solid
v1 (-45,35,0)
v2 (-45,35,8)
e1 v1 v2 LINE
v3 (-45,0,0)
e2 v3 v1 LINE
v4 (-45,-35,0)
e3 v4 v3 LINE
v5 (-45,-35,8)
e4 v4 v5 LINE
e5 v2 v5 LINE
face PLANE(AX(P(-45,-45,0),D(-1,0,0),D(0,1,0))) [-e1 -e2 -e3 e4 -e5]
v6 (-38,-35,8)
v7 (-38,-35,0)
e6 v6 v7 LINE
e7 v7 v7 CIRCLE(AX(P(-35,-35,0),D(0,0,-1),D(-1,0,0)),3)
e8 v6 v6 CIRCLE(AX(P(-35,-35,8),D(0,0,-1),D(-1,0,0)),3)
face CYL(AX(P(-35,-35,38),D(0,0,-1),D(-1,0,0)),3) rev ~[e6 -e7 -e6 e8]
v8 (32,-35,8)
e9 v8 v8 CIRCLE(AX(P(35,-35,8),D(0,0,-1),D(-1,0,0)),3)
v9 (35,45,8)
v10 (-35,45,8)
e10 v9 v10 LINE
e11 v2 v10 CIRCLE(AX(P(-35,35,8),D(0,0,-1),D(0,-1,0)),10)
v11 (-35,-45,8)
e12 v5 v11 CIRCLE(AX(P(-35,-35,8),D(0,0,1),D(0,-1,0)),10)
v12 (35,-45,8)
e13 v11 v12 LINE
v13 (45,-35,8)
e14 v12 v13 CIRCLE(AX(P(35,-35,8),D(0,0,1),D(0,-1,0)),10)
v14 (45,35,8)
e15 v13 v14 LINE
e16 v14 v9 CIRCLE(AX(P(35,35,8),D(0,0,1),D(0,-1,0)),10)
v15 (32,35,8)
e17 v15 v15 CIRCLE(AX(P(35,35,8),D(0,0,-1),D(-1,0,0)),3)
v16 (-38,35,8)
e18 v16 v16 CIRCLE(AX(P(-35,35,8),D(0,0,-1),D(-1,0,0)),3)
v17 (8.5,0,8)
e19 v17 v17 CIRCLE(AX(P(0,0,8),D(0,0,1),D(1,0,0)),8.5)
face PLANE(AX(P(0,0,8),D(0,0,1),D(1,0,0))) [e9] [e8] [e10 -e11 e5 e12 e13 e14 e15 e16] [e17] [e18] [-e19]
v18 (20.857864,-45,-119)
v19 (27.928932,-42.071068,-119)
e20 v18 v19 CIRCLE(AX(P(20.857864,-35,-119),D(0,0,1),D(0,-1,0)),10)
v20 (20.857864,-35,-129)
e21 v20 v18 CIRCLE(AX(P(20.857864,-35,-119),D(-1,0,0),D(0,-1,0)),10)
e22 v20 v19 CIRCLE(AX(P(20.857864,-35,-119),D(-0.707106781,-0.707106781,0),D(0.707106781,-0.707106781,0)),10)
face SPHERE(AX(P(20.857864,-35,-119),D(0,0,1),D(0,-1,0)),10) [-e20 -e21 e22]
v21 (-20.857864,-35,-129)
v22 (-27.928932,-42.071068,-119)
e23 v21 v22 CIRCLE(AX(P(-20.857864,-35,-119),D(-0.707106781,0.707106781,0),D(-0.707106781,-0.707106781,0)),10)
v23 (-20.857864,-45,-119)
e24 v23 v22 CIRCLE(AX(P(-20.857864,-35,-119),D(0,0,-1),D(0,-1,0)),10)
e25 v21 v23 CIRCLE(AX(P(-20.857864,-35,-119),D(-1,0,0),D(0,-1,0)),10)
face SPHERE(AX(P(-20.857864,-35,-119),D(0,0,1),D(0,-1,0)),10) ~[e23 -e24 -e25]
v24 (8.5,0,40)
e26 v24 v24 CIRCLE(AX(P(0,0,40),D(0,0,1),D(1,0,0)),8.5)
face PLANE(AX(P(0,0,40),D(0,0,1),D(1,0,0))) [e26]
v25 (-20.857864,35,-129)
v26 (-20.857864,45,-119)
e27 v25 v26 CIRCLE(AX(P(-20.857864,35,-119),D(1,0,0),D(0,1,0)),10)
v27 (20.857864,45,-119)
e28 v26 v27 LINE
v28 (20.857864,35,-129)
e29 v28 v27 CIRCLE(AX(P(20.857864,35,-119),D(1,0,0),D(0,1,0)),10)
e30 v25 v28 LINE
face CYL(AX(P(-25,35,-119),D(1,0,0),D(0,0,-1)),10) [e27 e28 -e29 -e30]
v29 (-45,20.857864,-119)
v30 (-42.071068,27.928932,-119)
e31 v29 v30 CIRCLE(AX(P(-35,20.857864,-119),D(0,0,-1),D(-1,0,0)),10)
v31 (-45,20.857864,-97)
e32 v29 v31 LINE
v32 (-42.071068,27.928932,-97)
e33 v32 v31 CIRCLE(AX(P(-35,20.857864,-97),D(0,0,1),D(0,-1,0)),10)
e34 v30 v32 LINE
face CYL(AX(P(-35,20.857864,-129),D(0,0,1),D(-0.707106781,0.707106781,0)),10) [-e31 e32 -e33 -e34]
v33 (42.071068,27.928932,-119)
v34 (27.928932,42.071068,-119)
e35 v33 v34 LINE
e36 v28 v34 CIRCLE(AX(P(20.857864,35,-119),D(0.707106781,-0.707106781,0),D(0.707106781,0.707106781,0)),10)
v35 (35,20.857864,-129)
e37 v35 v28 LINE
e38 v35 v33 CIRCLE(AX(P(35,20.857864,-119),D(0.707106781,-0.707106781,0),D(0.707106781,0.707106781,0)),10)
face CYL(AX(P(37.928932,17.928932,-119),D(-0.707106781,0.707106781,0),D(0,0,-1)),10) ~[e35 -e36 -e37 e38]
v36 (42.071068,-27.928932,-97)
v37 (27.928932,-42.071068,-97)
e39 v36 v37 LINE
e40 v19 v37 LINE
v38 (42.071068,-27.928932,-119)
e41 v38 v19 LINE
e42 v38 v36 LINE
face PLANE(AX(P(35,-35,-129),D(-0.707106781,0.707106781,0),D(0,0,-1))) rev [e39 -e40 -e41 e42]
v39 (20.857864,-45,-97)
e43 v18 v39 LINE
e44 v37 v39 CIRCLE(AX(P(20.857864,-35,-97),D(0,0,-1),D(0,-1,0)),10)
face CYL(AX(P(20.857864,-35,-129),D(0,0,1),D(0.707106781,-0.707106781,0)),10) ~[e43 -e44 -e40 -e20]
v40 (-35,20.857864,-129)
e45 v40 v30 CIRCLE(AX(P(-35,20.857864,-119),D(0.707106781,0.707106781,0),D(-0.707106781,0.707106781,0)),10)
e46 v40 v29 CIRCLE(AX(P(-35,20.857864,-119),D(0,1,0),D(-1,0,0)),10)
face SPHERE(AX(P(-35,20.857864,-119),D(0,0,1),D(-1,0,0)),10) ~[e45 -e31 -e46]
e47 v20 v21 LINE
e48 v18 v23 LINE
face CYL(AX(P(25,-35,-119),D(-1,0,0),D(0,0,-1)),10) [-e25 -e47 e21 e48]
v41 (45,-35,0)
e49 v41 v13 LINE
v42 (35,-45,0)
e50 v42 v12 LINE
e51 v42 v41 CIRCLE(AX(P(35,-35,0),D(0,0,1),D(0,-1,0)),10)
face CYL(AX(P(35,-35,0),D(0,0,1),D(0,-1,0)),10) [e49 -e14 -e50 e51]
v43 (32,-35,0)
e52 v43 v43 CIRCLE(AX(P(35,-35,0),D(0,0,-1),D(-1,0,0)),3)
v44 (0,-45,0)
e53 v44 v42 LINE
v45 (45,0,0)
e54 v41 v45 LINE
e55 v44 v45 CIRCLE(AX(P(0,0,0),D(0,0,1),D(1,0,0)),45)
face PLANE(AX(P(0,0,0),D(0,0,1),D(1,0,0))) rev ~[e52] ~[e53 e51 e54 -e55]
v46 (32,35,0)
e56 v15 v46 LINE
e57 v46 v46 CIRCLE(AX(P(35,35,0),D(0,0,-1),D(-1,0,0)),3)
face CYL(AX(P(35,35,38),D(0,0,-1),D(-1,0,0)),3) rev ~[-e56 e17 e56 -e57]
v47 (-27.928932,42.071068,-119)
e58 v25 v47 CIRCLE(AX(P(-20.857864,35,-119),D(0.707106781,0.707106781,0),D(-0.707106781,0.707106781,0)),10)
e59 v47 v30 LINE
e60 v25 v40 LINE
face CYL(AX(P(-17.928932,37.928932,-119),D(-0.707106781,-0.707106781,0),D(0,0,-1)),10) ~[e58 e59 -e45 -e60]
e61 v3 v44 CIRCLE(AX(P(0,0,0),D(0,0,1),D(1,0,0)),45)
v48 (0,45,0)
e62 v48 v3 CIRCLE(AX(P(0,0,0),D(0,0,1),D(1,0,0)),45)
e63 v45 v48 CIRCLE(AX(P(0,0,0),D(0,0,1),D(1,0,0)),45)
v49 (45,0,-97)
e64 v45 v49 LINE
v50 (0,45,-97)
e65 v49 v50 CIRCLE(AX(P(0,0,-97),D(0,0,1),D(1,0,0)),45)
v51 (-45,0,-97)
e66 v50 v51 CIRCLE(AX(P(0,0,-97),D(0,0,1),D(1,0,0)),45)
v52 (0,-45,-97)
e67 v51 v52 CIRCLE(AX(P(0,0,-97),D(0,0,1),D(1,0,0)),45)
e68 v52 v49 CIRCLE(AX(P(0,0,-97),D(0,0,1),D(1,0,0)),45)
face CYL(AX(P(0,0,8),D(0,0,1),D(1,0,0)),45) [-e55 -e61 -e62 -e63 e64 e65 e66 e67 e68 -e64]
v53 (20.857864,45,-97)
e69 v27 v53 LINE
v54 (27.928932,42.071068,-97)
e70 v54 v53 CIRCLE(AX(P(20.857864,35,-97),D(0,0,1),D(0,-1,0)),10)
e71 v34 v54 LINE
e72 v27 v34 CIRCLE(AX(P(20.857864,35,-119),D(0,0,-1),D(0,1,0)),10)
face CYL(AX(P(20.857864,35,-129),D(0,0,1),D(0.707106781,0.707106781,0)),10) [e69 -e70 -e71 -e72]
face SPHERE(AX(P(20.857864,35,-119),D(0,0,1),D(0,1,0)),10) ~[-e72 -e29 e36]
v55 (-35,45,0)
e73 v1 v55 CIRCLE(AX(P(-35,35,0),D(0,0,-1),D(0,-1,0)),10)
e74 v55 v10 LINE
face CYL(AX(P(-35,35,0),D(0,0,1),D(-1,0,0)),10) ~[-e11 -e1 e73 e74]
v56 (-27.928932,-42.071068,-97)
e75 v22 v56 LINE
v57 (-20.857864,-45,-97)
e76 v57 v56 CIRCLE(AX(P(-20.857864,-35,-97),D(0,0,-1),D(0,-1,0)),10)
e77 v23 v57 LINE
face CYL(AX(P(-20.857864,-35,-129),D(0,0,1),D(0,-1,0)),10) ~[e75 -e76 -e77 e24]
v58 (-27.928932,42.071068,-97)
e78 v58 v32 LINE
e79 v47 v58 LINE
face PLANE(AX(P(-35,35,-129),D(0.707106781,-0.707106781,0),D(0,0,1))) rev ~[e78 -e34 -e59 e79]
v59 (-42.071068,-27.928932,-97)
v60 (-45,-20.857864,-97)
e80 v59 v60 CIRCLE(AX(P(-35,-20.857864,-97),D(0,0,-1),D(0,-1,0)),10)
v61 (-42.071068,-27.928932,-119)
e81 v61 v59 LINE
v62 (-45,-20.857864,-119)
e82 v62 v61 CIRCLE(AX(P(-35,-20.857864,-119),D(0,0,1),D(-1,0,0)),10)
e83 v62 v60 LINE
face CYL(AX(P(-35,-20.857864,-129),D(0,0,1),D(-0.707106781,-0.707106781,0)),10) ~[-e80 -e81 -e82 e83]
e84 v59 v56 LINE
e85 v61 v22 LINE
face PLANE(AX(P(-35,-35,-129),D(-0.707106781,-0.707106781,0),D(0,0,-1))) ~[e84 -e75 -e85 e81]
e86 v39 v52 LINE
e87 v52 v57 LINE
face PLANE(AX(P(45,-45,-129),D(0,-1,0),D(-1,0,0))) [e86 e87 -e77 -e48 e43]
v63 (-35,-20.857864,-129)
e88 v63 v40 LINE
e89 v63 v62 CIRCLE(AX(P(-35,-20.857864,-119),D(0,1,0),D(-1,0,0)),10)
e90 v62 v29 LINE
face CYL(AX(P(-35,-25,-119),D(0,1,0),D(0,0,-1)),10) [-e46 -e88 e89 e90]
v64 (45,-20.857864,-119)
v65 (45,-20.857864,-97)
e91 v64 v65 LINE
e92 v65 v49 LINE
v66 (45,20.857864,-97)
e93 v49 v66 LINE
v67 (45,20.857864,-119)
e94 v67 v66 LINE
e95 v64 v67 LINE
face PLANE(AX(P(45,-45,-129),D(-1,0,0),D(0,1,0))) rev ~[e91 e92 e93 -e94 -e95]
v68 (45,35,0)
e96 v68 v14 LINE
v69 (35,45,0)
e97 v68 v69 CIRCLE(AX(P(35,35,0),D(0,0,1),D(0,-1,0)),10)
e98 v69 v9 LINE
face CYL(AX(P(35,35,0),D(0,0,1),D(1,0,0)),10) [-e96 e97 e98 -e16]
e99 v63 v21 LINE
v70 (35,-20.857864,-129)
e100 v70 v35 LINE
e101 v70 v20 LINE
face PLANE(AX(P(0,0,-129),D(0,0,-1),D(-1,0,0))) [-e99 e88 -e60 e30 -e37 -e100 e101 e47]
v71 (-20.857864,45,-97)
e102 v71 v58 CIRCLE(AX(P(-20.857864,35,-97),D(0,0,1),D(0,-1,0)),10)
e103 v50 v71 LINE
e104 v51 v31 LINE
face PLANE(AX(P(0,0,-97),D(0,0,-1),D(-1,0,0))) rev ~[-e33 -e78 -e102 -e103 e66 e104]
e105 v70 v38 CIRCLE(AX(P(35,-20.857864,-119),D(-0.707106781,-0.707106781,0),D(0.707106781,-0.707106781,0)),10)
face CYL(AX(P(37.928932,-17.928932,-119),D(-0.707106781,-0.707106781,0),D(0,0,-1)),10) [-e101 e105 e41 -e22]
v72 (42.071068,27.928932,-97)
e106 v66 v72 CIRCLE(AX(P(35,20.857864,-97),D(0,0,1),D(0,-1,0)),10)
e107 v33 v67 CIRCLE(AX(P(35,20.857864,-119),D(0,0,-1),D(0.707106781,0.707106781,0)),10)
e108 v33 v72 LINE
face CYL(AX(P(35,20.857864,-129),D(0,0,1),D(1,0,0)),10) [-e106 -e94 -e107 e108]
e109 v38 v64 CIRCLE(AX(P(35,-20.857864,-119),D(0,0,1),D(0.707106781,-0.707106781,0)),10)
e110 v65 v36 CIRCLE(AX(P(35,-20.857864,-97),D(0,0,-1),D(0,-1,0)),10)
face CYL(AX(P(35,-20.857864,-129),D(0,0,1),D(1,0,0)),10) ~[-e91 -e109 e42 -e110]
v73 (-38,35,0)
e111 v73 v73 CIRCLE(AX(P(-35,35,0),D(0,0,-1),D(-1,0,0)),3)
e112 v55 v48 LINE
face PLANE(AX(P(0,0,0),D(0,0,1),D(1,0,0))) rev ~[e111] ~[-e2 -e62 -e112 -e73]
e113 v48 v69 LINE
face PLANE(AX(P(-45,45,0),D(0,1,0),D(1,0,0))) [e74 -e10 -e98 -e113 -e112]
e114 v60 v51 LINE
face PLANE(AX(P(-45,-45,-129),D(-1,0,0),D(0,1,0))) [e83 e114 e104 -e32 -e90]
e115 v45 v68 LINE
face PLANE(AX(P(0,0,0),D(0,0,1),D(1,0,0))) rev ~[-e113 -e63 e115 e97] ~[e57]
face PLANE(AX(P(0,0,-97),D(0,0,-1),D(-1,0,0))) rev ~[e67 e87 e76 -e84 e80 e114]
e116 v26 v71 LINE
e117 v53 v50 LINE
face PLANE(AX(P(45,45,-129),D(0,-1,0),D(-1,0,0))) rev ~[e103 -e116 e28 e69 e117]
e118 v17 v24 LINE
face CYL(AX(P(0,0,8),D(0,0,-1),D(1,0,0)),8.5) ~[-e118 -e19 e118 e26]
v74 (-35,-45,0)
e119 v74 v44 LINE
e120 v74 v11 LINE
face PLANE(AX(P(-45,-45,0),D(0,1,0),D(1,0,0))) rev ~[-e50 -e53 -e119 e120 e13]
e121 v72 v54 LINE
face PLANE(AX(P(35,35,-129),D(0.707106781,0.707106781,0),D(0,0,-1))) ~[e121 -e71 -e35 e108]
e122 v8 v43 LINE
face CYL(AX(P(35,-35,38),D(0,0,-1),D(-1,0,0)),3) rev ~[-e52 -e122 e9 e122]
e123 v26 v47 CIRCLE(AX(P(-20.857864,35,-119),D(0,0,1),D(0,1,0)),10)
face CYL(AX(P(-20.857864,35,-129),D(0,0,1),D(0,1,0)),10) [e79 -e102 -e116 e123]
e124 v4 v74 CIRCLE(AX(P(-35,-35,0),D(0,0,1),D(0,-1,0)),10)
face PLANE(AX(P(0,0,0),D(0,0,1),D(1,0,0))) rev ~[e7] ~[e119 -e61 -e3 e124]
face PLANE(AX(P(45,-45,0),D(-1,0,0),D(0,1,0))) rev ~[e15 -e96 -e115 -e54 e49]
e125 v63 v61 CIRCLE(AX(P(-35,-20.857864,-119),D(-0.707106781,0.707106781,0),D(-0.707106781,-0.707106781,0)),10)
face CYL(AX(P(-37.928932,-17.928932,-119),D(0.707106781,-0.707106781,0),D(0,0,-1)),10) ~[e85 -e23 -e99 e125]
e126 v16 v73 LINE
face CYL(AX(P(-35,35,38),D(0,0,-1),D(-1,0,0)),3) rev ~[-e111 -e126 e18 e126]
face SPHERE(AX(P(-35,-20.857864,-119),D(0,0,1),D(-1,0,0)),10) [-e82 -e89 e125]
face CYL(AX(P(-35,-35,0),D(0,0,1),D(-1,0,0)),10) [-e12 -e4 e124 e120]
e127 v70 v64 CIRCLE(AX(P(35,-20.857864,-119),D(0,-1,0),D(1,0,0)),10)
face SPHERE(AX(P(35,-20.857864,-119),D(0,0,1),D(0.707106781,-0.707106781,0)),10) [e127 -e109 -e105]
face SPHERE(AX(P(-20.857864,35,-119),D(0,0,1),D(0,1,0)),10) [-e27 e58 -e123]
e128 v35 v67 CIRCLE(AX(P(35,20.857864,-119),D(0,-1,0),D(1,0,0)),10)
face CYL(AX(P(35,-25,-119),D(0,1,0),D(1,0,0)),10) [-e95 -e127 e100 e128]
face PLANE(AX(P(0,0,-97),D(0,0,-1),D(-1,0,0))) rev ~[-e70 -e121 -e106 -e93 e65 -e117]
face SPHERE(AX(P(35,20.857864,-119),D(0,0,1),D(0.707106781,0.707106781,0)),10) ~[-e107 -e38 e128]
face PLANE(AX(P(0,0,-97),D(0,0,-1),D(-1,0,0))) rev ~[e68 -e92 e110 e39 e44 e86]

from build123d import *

# Parameters (mm, degrees)
SKETCH1_W                   = 90
SKETCH1_H                   = 90
BOSS_EXTRUDE1_DEPTH         = 8
FILLET1_R                   = 10
SKETCH2_R                   = 45
BOSS_EXTRUDE2_DEPTH         = 137
SKETCH3_R                   = 8.5
BOSS_EXTRUDE3_DEPTH         = 32
F_6_0_MM_DOWEL_HOLES1_D     = 6
F_6_0_MM_DOWEL_HOLES1_DEPTH = 30
F_6_0_MM_DOWEL_HOLES1_TIP   = 1.802581857
SKETCH8_W                   = 90
SKETCH8_H                   = 90
BOSS_EXTRUDE4_DEPTH         = 32
CHAMFER2_SIZE               = 20
FILLET2_R                   = 10


with BuildPart() as part:
    # Sketch1 → Boss-Extrude1 (new body)
    with BuildSketch(Plane.XY):
        Rectangle(SKETCH1_W, SKETCH1_H)
    extrude(amount=BOSS_EXTRUDE1_DEPTH)

    # Fillet1
    fillet1_edges = [part.edges().sort_by_distance(p)[0] for p in [
        (-45, 45, 4),
        (45, 45, 4),
        (45, -45, 4),
        (-45, -45, 4),
    ]]
    fillet(fillet1_edges, radius=FILLET1_R)

    # Sketch2 → Boss-Extrude2 (add)
    with BuildSketch(Plane.XY.offset(8)):
        Circle(SKETCH2_R)
    extrude(amount=-BOSS_EXTRUDE2_DEPTH)

    # Sketch3 → Boss-Extrude3 (add)
    with BuildSketch(Plane.XY.offset(8)):
        Circle(SKETCH3_R)
    extrude(amount=BOSS_EXTRUDE3_DEPTH)

    # Ø6.0 mm Dowel Holes1
    with Locations(Plane.XY.offset(8)):
        with Locations((-35, 35), (35, 35), (35, -35), (-35, -35)):
            Hole(F_6_0_MM_DOWEL_HOLES1_D / 2, depth=F_6_0_MM_DOWEL_HOLES1_DEPTH)
            with Locations((0, 0, -(F_6_0_MM_DOWEL_HOLES1_DEPTH + F_6_0_MM_DOWEL_HOLES1_TIP / 2))):  # 118° drill point
                Cone(0, F_6_0_MM_DOWEL_HOLES1_D / 2, F_6_0_MM_DOWEL_HOLES1_TIP, mode=Mode.SUBTRACT)

    # Sketch8 → Boss-Extrude4 (add)
    with BuildSketch(Plane(origin=(0, 0, -129), x_dir=(-1, 0, 0), z_dir=(0, 0, -1))):
        Rectangle(SKETCH8_W, SKETCH8_H)
    extrude(amount=-BOSS_EXTRUDE4_DEPTH)

    # Chamfer2
    chamfer2_edges = [part.edges().sort_by_distance(p)[0] for p in [
        (45, -45, -113),
        (45, 45, -113),
        (-45, 45, -113),
        (-45, -45, -113),
    ]]
    chamfer(chamfer2_edges, length=CHAMFER2_SIZE)

    # Fillet2
    fillet2_edges = [part.edges().sort_by_distance(p)[0] for p in [
        (45, 0, -129),
        (45, 25, -113),
        (45, -25, -113),
        (-45, 0, -129),
        (0, 45, -129),
        (0, -45, -129),
        (35, 35, -129),
        (-35, 35, -129),
        (-35, -35, -129),
        (35, -35, -129),
        (-25, -45, -113),
        (25, -45, -113),
        (-45, 25, -113),
        (-45, -25, -113),
        (25, 45, -113),
        (-25, 45, -113),
    ]]
    fillet(fillet2_edges, radius=FILLET2_R)


solid = part.part
